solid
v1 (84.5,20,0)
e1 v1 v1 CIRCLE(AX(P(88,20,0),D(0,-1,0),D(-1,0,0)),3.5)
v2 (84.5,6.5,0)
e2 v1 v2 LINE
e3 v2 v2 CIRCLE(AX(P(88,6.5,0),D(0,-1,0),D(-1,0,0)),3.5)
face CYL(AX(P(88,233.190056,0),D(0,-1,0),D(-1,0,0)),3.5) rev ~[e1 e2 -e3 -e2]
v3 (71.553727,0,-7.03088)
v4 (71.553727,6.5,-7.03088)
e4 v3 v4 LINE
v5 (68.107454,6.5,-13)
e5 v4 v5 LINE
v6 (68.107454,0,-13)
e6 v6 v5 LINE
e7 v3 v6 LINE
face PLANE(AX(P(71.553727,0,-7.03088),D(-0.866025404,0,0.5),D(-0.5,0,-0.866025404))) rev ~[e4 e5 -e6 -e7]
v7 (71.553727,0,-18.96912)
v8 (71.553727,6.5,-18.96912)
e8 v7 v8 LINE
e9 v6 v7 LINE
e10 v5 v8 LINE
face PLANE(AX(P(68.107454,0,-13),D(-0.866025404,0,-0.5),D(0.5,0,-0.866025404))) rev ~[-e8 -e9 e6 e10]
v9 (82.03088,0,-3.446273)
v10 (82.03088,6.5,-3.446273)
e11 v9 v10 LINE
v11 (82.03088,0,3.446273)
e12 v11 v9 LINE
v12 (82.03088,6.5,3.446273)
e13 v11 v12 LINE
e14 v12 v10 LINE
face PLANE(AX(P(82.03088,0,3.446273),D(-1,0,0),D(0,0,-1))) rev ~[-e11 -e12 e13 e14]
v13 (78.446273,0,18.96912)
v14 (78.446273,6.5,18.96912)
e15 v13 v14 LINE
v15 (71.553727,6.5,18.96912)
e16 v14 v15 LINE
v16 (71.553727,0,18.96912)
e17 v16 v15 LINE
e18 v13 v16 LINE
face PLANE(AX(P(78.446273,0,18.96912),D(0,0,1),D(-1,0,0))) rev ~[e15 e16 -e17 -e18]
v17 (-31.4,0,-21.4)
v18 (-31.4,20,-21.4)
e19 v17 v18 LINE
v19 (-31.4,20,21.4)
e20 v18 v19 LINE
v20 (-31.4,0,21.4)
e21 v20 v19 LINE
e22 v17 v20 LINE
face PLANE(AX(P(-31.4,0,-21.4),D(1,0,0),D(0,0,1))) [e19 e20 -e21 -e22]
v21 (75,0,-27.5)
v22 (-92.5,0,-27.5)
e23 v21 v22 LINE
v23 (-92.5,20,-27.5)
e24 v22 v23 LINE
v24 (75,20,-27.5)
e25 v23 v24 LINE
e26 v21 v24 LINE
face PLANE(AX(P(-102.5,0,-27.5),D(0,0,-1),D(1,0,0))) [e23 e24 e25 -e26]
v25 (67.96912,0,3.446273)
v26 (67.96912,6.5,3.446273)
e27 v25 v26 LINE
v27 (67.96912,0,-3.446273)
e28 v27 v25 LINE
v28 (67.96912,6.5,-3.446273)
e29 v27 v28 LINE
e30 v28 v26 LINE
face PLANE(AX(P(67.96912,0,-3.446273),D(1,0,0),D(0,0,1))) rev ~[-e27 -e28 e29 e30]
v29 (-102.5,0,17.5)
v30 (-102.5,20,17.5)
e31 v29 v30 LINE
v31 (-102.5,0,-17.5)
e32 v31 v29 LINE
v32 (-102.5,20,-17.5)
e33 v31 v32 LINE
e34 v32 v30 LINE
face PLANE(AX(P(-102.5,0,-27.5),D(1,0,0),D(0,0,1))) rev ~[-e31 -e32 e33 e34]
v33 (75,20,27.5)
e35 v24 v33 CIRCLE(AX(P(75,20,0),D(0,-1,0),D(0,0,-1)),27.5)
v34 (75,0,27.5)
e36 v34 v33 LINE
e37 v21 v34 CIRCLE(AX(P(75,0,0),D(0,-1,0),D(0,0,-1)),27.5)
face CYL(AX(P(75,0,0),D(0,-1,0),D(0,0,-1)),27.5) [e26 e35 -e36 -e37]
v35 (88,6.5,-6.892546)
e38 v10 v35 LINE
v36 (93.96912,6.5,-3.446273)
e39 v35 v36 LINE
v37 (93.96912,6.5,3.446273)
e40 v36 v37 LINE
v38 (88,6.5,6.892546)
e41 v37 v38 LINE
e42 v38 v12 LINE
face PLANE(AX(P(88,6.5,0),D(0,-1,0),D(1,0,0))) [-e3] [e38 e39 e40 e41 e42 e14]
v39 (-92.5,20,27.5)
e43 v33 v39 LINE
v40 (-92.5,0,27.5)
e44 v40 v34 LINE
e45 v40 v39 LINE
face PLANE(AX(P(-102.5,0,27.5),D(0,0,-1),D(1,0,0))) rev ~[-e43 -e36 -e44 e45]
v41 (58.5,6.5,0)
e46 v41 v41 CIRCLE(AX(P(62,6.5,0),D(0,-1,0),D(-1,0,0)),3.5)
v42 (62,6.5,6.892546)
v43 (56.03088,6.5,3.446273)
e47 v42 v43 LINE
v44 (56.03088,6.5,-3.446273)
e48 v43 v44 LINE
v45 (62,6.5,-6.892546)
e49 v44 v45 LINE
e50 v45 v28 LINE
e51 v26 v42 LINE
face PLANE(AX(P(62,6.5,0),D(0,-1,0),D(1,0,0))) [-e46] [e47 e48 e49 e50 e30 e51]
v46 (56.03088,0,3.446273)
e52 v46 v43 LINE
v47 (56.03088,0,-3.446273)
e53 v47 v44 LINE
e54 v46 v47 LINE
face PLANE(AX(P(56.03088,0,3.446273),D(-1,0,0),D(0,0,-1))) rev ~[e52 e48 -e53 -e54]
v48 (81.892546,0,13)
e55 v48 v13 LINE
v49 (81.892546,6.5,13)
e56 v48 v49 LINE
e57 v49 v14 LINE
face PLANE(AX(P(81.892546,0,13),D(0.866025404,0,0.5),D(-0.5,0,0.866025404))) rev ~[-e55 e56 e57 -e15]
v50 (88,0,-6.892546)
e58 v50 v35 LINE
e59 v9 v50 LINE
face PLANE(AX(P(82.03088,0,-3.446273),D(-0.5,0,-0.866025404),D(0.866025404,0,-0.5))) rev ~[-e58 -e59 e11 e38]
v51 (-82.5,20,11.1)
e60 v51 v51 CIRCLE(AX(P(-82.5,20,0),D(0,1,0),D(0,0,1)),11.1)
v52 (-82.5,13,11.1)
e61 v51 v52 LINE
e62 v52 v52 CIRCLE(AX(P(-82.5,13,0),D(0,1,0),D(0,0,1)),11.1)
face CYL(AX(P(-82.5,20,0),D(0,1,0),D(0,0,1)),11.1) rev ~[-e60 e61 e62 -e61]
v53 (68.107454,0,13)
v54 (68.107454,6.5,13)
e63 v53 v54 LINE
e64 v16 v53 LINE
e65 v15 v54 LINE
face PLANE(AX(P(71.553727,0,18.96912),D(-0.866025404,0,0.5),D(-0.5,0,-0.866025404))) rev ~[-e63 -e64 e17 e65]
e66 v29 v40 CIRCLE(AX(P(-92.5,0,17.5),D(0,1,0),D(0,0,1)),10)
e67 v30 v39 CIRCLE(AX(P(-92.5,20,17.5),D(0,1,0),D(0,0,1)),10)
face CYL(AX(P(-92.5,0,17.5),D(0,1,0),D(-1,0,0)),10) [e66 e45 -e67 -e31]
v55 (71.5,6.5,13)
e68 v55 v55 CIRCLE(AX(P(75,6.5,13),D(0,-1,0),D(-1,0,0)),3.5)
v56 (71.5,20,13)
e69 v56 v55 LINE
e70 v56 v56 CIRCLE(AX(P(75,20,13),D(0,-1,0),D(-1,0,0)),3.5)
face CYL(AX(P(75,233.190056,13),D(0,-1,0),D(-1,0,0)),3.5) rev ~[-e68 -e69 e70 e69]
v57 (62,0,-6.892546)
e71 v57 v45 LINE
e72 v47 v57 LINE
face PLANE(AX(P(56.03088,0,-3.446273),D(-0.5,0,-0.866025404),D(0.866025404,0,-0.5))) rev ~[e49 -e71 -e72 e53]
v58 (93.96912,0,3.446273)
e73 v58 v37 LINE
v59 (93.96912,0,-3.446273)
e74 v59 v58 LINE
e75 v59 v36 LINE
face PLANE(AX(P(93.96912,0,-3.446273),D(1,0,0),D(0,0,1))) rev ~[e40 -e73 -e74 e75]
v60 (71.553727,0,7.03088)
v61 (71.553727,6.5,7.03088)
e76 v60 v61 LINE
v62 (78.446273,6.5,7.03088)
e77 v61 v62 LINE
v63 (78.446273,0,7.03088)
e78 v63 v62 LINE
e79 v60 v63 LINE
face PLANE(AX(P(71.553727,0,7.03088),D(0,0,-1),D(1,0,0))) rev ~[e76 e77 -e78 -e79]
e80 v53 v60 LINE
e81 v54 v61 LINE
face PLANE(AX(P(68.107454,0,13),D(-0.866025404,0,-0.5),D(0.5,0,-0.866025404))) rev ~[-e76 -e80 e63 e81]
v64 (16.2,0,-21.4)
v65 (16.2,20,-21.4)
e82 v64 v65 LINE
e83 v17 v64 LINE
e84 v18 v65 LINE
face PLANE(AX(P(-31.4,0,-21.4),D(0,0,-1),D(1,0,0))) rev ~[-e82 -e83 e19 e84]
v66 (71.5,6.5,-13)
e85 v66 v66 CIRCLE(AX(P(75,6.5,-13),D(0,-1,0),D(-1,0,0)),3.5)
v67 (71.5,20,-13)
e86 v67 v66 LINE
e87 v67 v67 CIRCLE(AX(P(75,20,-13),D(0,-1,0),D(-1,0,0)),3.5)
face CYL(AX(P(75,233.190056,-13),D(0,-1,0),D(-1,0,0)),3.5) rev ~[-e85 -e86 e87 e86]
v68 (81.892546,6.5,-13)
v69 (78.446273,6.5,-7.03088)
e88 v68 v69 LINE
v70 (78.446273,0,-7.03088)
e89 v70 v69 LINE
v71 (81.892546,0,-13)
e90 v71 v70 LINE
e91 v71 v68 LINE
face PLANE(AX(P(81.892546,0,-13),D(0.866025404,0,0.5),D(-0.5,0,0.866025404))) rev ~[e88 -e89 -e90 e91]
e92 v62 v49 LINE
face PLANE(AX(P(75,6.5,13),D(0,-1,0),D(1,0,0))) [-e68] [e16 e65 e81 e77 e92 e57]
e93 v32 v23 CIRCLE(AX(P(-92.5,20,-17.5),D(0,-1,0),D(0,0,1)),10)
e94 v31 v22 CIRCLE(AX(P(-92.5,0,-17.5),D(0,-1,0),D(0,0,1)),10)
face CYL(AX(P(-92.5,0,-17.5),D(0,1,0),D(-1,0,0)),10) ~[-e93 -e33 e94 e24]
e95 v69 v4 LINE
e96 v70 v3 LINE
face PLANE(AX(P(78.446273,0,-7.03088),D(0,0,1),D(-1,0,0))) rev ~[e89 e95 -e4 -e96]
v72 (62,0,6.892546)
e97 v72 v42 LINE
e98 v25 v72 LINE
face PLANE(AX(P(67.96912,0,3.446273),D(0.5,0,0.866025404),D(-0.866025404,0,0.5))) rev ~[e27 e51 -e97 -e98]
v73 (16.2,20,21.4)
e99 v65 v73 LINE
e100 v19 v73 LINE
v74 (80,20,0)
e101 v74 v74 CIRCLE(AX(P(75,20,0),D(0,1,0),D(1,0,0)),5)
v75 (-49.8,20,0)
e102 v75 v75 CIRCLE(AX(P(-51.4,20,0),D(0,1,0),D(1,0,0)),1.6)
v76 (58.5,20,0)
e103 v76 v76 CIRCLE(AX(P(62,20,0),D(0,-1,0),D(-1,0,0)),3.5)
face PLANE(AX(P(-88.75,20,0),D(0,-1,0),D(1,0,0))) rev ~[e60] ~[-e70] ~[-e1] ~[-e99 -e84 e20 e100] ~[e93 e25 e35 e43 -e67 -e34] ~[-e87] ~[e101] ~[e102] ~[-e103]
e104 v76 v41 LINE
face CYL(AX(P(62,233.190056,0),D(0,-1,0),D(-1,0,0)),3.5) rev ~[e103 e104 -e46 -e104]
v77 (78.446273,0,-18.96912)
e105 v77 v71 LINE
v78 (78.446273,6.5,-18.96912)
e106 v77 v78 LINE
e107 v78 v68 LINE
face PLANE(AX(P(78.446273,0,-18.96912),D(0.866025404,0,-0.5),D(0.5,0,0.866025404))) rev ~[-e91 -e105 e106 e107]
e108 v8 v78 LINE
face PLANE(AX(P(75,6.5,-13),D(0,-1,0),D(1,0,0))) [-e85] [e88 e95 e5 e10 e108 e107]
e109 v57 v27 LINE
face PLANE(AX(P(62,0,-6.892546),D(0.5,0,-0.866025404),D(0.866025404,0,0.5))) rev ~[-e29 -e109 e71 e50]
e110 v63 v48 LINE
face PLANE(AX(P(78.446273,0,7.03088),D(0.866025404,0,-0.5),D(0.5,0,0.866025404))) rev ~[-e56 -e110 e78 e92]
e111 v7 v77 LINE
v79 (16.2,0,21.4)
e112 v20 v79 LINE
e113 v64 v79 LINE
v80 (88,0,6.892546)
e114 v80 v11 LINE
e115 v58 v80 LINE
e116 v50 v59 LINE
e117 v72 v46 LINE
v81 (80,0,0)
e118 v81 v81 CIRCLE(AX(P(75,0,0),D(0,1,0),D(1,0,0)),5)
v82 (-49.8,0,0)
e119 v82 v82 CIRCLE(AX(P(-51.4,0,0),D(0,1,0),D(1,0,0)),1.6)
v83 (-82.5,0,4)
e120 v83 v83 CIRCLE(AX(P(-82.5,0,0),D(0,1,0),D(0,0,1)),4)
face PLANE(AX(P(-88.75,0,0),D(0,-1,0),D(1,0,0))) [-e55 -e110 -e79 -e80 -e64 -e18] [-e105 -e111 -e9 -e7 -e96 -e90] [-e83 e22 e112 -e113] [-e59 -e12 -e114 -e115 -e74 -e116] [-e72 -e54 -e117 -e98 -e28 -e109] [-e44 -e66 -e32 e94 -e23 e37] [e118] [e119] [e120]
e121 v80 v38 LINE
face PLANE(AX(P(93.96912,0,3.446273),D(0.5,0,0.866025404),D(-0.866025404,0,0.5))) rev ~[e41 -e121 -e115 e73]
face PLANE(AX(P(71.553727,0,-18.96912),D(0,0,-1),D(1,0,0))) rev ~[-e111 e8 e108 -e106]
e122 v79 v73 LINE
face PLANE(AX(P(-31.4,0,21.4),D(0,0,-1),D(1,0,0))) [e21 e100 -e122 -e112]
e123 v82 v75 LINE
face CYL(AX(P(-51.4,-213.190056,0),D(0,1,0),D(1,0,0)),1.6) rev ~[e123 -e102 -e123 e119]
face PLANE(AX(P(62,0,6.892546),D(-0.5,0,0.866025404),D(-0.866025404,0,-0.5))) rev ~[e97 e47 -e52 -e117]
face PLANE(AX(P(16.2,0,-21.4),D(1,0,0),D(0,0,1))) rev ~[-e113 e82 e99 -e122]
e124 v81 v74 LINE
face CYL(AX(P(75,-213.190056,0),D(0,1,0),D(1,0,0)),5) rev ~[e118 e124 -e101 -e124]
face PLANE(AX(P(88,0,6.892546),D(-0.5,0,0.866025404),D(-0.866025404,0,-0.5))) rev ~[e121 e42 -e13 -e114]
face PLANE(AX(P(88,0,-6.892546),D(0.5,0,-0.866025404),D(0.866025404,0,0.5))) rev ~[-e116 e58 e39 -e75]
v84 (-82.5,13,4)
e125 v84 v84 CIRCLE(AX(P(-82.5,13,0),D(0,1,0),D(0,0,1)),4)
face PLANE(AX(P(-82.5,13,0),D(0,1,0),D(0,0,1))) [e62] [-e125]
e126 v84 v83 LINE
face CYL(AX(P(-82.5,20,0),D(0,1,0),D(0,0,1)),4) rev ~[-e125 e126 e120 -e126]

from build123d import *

# Parameters (mm, degrees)
SKETCH1_W             = 150
SKETCH1_H             = 55
BOSS_EXTRUDE1_DEPTH   = 20
SKETCH2_W             = 27.5
SKETCH2_H             = 55
BOSS_EXTRUDE2_DEPTH   = 20
M8_CLEARANCE_HOLE1_D  = 10
M6_CLEARANCE_HOLE1_D  = 7
FILLET1_R             = 10
SKETCH11_W            = 42.4
SKETCH11_H            = 42.4
CUT_EXTRUDE1_DEPTH    = 108.993055332
SKETCH12_R            = 4
CUT_EXTRUDE2_DEPTH    = 108.993055332
SKETCH13_W            = 47.6
SKETCH13_H            = 42.8
CUT_EXTRUDE3_DEPTH    = 108.993055332
CUT_EXTRUDE4_DEPTH    = 6.5
SKETCH15_R            = 11.1
CUT_EXTRUDE5_DEPTH    = 7
F_3_0MM_DOWEL_HOLE1_D = 3.2


with BuildPart() as part:
    # Sketch1 → Boss-Extrude1 (new body)
    with BuildSketch(Plane(origin=(0, 0, 0), x_dir=(1, 0, 0), z_dir=(0, 1, 0))):
        Rectangle(SKETCH1_W, SKETCH1_H)
    extrude(amount=BOSS_EXTRUDE1_DEPTH)

    # Sketch2 → Boss-Extrude2 (add)
    with BuildSketch(Plane.XZ):
        with Locations((-88.75, 0)):
            Rectangle(SKETCH2_W, SKETCH2_H)
        with BuildLine():
            Line((75, 27.5), (75, -27.5))
            ThreePointArc((75, -27.5), (102.5, 0), (75, 27.5))
        make_face()
    extrude(amount=-BOSS_EXTRUDE2_DEPTH)

    # M8 Clearance Hole1 (through all)
    with Locations(Plane(origin=(0, 0, 0), x_dir=(-1, 0, 0), z_dir=(0, -1, 0))):
        with Locations((-75, 0)):
            Hole(M8_CLEARANCE_HOLE1_D / 2)

    # M6 Clearance Hole1 (through all)
    with Locations(Plane(origin=(0, 20, 0), x_dir=(1, 0, 0), z_dir=(0, 1, 0))):
        with Locations((75, 13), (62, 0), (88, 0), (75, -13)):
            Hole(M6_CLEARANCE_HOLE1_D / 2)

    # Fillet1
    fillet1_edges = [part.edges().sort_by_distance(p)[0] for p in [
        (-102.5, 10, -27.5),
        (-102.5, 10, 27.5),
    ]]
    fillet(fillet1_edges, radius=FILLET1_R)

    # Sketch11 → Cut-Extrude1 (cut, through all)
    with BuildSketch(Plane.XZ):
        with Locations((-10, 0)):
            Rectangle(SKETCH11_W, SKETCH11_H)
    extrude(amount=-CUT_EXTRUDE1_DEPTH, mode=Mode.SUBTRACT)

    # Sketch12 → Cut-Extrude2 (cut, through all)
    with BuildSketch(Plane(origin=(0, 20, 0), x_dir=(1, 0, 0), z_dir=(0, 1, 0))):
        with Locations(Location((-82.5, 0, 0), (0, 0, 270))):
            Circle(SKETCH12_R)
    extrude(amount=-CUT_EXTRUDE2_DEPTH, mode=Mode.SUBTRACT)

    # Sketch13 → Cut-Extrude3 (cut, through all)
    with BuildSketch(Plane.XZ):
        with Locations((-7.6, 0)):
            Rectangle(SKETCH13_W, SKETCH13_H)
    extrude(amount=-CUT_EXTRUDE3_DEPTH, mode=Mode.SUBTRACT)

    # Sketch14 → Cut-Extrude4 (cut)
    with BuildSketch(Plane.XZ):
        Polygon((93.969119661, 3.446272843), (88, 6.892545686), (82.030880339, 3.446272843), (82.030880339, -3.446272843), (88, -6.892545686), (93.969119661, -3.446272843), align=None)
        Polygon((71.553727157, 18.969119661), (68.107454314, 13), (71.553727157, 7.030880339), (78.446272843, 7.030880339), (81.892545686, 13), (78.446272843, 18.969119661), align=None)
        Polygon((78.446272843, -18.969119661), (81.892545686, -13), (78.446272843, -7.030880339), (71.553727157, -7.030880339), (68.107454314, -13), (71.553727157, -18.969119661), align=None)
        Polygon((56.030880339, -3.446272843), (62, -6.892545686), (67.969119661, -3.446272843), (67.969119661, 3.446272843), (62, 6.892545686), (56.030880339, 3.446272843), align=None)
    extrude(amount=-CUT_EXTRUDE4_DEPTH, mode=Mode.SUBTRACT)

    # Sketch15 → Cut-Extrude5 (cut)
    with BuildSketch(Plane(origin=(0, 20, 0), x_dir=(1, 0, 0), z_dir=(0, 1, 0))):
        with Locations(Location((-82.5, 0, 0), (0, 0, 270))):
            Circle(SKETCH15_R)
    extrude(amount=-CUT_EXTRUDE5_DEPTH, mode=Mode.SUBTRACT)

    # Ø3.0mm Dowel Hole1 (through all)
    with Locations(Plane(origin=(0, 0, 0), x_dir=(-1, 0, 0), z_dir=(0, -1, 0))):
        with Locations((51.4, 0)):
            Hole(F_3_0MM_DOWEL_HOLE1_D / 2)


solid = part.part
